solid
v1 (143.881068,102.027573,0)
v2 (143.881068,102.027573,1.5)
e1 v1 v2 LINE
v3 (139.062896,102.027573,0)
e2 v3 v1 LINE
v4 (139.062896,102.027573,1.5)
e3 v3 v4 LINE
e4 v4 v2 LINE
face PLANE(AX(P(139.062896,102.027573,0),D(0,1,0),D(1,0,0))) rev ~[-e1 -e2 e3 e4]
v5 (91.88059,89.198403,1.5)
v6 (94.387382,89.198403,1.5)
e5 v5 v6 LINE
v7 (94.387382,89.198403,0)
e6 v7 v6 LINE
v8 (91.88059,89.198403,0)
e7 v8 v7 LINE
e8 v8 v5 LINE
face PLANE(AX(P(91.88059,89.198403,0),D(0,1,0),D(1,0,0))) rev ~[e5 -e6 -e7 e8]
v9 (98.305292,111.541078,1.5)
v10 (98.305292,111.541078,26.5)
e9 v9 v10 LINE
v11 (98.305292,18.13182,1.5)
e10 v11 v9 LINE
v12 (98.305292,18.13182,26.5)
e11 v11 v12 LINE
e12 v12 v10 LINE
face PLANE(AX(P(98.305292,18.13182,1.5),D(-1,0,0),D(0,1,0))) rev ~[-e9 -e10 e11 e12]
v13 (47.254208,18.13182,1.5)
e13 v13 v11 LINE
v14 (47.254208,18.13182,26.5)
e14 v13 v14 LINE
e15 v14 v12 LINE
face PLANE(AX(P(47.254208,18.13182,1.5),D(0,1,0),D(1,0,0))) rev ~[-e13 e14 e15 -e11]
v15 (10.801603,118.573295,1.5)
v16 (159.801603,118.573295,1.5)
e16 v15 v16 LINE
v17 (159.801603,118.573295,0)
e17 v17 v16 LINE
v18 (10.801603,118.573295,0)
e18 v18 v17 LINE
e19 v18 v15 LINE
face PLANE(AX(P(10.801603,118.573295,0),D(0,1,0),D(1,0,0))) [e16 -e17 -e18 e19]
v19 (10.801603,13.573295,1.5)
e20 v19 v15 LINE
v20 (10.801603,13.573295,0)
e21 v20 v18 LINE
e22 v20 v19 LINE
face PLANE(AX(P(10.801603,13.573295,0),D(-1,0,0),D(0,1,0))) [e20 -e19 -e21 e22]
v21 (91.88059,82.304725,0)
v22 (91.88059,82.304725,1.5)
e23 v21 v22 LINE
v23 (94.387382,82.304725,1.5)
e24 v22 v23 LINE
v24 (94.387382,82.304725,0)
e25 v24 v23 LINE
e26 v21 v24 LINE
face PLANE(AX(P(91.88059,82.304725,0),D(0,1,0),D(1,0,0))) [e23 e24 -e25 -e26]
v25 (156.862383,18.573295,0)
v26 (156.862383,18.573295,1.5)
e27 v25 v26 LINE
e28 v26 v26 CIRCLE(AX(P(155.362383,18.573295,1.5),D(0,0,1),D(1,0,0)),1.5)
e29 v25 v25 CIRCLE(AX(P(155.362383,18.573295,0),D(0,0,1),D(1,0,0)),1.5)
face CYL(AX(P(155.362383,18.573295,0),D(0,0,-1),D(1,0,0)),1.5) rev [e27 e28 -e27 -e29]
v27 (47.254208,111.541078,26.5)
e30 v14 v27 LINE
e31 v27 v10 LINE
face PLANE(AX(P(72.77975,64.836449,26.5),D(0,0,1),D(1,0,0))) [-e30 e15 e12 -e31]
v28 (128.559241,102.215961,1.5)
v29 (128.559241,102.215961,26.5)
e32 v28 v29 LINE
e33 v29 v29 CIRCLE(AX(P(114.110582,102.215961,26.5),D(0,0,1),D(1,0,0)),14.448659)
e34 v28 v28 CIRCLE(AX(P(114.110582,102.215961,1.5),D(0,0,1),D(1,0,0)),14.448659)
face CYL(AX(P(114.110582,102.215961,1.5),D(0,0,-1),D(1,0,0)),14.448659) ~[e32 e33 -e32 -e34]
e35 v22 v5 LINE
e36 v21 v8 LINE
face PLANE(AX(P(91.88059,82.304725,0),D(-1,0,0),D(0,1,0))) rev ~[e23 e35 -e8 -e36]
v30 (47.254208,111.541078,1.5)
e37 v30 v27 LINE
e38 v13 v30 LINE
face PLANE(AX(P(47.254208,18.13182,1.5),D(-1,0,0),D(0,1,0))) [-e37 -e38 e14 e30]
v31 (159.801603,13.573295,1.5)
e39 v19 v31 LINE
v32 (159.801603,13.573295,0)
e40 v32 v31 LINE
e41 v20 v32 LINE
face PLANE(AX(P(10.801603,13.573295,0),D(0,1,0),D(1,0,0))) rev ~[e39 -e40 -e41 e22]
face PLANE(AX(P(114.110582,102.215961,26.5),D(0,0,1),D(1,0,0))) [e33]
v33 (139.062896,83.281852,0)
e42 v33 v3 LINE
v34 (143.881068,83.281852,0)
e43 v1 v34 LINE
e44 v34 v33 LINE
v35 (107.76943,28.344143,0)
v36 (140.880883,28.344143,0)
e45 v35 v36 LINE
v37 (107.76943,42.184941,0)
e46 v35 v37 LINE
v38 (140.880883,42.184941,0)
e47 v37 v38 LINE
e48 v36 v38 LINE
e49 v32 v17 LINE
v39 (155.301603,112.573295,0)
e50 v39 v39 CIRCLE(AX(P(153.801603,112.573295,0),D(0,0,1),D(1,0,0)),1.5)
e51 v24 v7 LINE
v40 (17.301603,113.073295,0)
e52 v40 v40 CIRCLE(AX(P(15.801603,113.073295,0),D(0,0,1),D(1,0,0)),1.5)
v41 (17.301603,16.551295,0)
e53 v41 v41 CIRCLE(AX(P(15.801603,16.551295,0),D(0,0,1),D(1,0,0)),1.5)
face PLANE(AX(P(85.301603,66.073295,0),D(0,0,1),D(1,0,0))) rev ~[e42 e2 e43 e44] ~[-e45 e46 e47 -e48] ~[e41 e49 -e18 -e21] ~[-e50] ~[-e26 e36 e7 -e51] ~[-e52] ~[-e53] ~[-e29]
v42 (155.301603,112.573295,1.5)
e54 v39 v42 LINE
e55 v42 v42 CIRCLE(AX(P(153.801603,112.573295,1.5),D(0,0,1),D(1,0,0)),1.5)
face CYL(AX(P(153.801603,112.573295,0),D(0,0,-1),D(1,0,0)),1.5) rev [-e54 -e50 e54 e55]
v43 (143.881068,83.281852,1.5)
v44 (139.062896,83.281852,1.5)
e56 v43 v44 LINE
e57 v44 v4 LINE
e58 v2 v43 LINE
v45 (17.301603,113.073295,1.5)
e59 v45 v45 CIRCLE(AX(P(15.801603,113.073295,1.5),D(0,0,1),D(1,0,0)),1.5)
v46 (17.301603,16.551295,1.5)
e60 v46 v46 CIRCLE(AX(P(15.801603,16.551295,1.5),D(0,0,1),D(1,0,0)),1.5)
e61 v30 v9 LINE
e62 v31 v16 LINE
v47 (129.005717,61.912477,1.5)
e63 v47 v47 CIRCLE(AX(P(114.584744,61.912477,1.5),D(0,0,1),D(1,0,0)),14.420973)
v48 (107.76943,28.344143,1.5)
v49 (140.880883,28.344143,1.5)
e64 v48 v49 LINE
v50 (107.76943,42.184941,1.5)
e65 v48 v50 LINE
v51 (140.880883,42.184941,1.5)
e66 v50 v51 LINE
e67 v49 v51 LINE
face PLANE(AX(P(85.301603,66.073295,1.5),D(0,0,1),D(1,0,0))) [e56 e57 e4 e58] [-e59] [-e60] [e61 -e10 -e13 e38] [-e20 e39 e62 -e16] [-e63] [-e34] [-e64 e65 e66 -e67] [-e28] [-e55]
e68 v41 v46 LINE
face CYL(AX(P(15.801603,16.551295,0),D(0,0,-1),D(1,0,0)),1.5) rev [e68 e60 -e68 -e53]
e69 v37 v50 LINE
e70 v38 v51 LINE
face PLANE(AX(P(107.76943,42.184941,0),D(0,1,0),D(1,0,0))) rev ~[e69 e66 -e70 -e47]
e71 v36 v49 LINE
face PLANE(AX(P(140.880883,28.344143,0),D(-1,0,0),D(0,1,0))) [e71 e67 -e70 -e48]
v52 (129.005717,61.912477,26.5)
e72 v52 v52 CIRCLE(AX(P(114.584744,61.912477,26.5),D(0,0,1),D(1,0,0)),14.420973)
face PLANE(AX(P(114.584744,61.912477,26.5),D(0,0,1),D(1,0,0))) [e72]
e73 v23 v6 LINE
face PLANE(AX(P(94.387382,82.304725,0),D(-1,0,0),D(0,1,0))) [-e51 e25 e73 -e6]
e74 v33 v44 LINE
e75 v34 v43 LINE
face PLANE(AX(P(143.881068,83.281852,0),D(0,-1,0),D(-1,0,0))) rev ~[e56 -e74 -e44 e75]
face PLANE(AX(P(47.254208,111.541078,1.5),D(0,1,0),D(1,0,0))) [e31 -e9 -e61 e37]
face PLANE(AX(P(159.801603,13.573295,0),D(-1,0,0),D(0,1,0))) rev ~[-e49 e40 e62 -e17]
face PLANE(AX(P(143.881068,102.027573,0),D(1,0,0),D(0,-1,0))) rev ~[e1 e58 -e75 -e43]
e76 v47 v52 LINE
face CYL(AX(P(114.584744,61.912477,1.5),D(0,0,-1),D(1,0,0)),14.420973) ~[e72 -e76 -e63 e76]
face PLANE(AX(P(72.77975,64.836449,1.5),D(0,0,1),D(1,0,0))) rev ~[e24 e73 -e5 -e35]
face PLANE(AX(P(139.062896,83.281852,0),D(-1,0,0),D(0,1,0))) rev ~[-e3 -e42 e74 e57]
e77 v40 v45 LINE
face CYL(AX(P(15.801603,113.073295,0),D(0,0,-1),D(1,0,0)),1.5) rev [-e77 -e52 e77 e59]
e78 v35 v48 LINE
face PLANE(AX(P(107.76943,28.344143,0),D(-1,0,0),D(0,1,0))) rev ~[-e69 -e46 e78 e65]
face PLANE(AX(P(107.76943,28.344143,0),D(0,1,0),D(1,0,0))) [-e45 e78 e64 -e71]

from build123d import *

# Parameters (mm, degrees)
F0_W     = 149
F0_H     = 105
F0_R     = 1.5
F0_W_2   = 33.111453
F0_H_2   = 13.840798
F0_W_3   = 2.506792
F0_H_3   = 6.893679
F1_DEPTH = 1.5
F2_R     = 14.448659
F2_R_2   = 14.420973
F2_W     = 51.051084
F2_H     = 93.409257
F3_DEPTH = 25


with BuildPart() as f1:
    # F0 (on Top) → F1 (new body)
    with BuildSketch(Plane.XY):
        with Locations((85.301603, 66.073295)):
            Rectangle(F0_W, F0_H)
        with Locations((15.801603, 16.551295)):
            Circle(F0_R, mode=Mode.SUBTRACT)
        with Locations((155.362383, 18.573295)):
            Circle(F0_R, mode=Mode.SUBTRACT)
        with Locations((124.325156, 35.264542)):
            Rectangle(F0_W_2, F0_H_2, mode=Mode.SUBTRACT)
        with Locations((15.801603, 113.073295)):
            Circle(F0_R, mode=Mode.SUBTRACT)
        with Locations((93.133986, 85.751564)):
            Rectangle(F0_W_3, F0_H_3, mode=Mode.SUBTRACT)
        Polygon((143.881068, 83.281852), (139.062896, 83.281852), (139.062896, 101.018407), (139.062896, 102.027573), (139.634994, 102.027573), (143.881068, 102.027573), align=None, mode=Mode.SUBTRACT)
        with Locations((153.801603, 112.573295)):
            Circle(F0_R, mode=Mode.SUBTRACT)
    extrude(amount=F1_DEPTH)

    # F2 (on face) → F3 (join)
    with BuildSketch(Plane.XY.offset(1.5)):
        with Locations((114.110582, 102.215961)):
            Circle(F2_R)
        with Locations((114.584744, 61.912477)):
            Circle(F2_R_2)
        with Locations((72.77975, 64.836449)):
            Rectangle(F2_W, F2_H)
    extrude(amount=F3_DEPTH)


solid = f1.part
